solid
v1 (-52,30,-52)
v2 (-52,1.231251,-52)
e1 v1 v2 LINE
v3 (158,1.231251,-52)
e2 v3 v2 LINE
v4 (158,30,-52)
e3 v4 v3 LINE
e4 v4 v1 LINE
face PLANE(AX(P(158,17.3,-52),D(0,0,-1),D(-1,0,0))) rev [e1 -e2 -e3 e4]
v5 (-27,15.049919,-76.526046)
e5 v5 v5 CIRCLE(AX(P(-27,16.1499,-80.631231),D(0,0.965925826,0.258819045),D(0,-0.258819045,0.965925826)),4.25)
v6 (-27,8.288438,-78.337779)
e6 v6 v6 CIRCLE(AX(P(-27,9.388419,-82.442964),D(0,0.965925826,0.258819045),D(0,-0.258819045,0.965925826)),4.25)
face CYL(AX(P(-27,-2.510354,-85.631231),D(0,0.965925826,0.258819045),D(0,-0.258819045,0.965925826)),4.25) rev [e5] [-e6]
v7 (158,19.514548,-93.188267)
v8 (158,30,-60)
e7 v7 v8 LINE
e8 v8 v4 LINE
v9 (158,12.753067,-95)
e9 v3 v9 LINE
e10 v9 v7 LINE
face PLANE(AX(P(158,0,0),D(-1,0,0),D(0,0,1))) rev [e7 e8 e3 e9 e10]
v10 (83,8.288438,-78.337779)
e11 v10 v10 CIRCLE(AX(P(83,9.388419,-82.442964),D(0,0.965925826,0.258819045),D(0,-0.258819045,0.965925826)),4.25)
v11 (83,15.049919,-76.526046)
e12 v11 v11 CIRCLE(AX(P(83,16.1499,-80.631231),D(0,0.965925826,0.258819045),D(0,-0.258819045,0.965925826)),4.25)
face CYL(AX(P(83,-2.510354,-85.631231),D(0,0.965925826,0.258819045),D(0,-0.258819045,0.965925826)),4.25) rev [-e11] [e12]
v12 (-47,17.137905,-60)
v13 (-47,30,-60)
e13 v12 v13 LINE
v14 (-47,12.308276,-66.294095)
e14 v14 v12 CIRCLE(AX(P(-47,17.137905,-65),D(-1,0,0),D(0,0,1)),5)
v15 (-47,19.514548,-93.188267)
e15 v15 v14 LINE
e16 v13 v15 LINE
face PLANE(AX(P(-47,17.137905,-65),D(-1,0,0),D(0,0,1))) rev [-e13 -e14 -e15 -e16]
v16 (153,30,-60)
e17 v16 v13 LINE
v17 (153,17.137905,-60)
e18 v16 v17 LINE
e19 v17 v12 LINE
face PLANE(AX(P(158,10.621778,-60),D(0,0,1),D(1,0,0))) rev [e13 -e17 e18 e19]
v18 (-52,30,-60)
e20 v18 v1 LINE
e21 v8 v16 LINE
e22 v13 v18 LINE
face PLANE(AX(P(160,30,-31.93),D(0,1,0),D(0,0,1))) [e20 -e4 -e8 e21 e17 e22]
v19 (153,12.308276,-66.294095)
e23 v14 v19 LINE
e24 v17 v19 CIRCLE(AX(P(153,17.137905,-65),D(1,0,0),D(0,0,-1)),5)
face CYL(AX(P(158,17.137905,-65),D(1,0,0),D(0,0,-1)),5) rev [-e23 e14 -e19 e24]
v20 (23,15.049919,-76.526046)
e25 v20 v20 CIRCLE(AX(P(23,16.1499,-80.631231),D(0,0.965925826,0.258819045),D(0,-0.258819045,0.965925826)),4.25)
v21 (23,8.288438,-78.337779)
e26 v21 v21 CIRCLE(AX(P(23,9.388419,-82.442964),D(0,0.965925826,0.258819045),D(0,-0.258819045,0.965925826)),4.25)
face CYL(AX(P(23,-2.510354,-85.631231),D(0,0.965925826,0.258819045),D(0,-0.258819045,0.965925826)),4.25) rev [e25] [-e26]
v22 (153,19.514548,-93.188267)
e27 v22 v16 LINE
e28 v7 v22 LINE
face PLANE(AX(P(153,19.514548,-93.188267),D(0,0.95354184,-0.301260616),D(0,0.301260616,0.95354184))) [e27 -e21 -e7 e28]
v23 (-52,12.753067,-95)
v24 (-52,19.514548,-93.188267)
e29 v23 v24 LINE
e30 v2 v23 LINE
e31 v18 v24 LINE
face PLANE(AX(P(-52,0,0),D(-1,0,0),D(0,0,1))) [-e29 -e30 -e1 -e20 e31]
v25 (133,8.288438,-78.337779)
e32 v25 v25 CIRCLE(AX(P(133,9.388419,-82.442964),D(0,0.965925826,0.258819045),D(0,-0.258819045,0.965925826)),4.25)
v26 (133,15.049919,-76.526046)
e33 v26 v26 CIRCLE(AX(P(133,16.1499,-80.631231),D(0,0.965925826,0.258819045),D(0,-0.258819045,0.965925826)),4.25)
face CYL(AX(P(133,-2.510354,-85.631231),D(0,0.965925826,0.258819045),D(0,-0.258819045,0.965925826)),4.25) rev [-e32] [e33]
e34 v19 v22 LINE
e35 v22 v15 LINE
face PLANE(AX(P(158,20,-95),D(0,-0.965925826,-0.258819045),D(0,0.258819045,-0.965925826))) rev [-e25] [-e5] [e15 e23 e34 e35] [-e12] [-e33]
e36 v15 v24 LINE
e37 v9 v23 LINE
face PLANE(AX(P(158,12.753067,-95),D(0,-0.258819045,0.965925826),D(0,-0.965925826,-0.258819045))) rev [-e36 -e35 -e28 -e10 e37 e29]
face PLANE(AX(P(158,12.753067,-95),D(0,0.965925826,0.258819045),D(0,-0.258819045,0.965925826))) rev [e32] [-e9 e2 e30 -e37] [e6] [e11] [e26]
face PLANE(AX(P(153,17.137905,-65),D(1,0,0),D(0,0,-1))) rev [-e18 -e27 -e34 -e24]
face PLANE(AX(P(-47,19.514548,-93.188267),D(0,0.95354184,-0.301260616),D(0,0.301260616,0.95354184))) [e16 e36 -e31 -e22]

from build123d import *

# Parameters (mm, degrees)
EXTRUDE_1_DEPTH      = 30
SKETCH_2_R           = 44.45
CUT_EXTRUDE_1_DEPTH  = 4
SKETCH_3_R           = 25.5
SKETCH_3_R_2         = 2.25
CUT_EXTRUDE_2_DEPTH  = 188.619295383
CUT_EXTRUDE_3_DEPTH  = 189.215302247
SKETCH_5_R           = 1.65
CUT_EXTRUDE_4_DEPTH  = 189.215302247
EXTRUDE_START        = -30
EXTRUDE_2_DEPTH      = 30
CUT_EXTRUDE_5_DEPTH  = 198.040604952
CUT_EXTRUDE_7_DEPTH  = 233.432785983
CUT_EXTRUDE_8_DEPTH  = 233.432785983
CUT_EXTRUDE_9_DEPTH  = 233.432785983
FILLET_1_R           = 5
CUT_EXTRUDE_10_DEPTH = 233.432785983
EXTRUDE_START_2      = -5
EXTRUDE_3_DEPTH      = 5
EXTRUDE_4_DEPTH      = 5
SKETCH_14_R          = 4.25
CUT_EXTRUDE_11_DEPTH = 189.364728478
SKETCH_16_W          = 43
SKETCH_16_H          = 30
CUT_EXTRUDE_12_DEPTH = 233.432785983
EXTRUDE_7_REACH      = 188.592
SKETCH_18_W          = 210
SKETCH_18_H          = 5
EXTRUDE_8_DEPTH      = 210
EXTRUDE_9_DEPTH      = 5
EXTRUDE_10_DEPTH     = 5
SKETCH_22_R          = 4.25
CUT_EXTRUDE_13_DEPTH = 187.984035343
FILLET_2_R           = 5
CUT_EXTRUDE_14_DEPTH = 234.418610938


with BuildPart() as part:
    # 草图1 → 凸台-拉伸1 (new body)
    with BuildSketch(Plane(origin=(0, 0, 0), x_dir=(1, 0, 0), z_dir=(0, 1, 0))):
        with BuildLine():
            Line((170, 31.93), (170, -31.93))
            ThreePointArc((170, -31.93), (167.781993847, -38.210172909), (162.111885646, -41.704453387))
            Line((162.111885646, -41.704453387), (15.839142344, -73.308400404))
            ThreePointArc((15.839142344, -73.308400404), (-75, 0), (15.839142344, 73.308400404))
            Line((15.839142344, 73.308400404), (162.111885646, 41.704453387))
            ThreePointArc((162.111885646, 41.704453387), (167.781993847, 38.210172909), (170, 31.93))
        make_face()
    extrude(amount=EXTRUDE_1_DEPTH)

    # 草图2 → 切除-拉伸1 (cut)
    with BuildSketch(Plane(origin=(0, 30, 0), x_dir=(1, 0, 0), z_dir=(0, 1, 0))):
        with Locations(Location((0, 0, 0), (0, 0, 270))):
            Circle(SKETCH_2_R)
    extrude(amount=-CUT_EXTRUDE_1_DEPTH, mode=Mode.SUBTRACT)

    # 草图3 → 切除-拉伸2 (cut, through all)
    with BuildSketch(Plane(origin=(0, 26, 0), x_dir=(1, 0, 0), z_dir=(0, 1, 0))):
        with Locations(Location((0, 0, 0), (0, 0, 270))):
            Circle(SKETCH_3_R)
        with Locations(Location((0, 41, 0), (0, 0, 270))):
            Circle(SKETCH_3_R_2)
        with Locations(Location((28.991378029, 28.991378029, 0), (0, 0, 270))):
            Circle(SKETCH_3_R_2)
        with Locations(Location((41, 0, 0), (0, 0, 270))):
            Circle(SKETCH_3_R_2)
        with Locations(Location((28.991378029, -28.991378029, 0), (0, 0, 270))):
            Circle(SKETCH_3_R_2)
        with Locations(Location((0, -41, 0), (0, 0, 270))):
            Circle(SKETCH_3_R_2)
        with Locations(Location((-28.991378029, -28.991378029, 0), (0, 0, 270))):
            Circle(SKETCH_3_R_2)
        with Locations(Location((-41, 0, 0), (0, 0, 270))):
            Circle(SKETCH_3_R_2)
        with Locations(Location((-28.991378029, 28.991378029, 0), (0, 0, 270))):
            Circle(SKETCH_3_R_2)
    extrude(amount=-CUT_EXTRUDE_2_DEPTH, mode=Mode.SUBTRACT)

    # 草图4 → 切除-拉伸3 (cut, through all)
    with BuildSketch(Plane(origin=(0, 30, 0), x_dir=(1, 0, 0), z_dir=(0, 1, 0))):
        with BuildLine():
            Line((124, 18.5), (134, 18.5))
            ThreePointArc((134, 18.5), (152.5, 0), (134, -18.5))
            Line((134, -18.5), (124, -18.5))
            ThreePointArc((124, -18.5), (105.5, 0), (124, 18.5))
        make_face()
    extrude(amount=-CUT_EXTRUDE_3_DEPTH, mode=Mode.SUBTRACT)

    # 草图5 → 切除-拉伸4 (cut, through all)
    with BuildSketch(Plane(origin=(0, 30, 0), x_dir=(1, 0, 0), z_dir=(0, 1, 0))):
        with Locations(Location((116.75, 25.5, 0), (0, 0, 270))):
            Circle(SKETCH_5_R)
        with Locations(Location((141.25, 25.5, 0), (0, 0, 270))):
            Circle(SKETCH_5_R)
        with Locations(Location((141.25, -25.5, 0), (0, 0, 270))):
            Circle(SKETCH_5_R)
        with Locations(Location((116.75, -25.5, 0), (0, 0, 270))):
            Circle(SKETCH_5_R)
    extrude(amount=-CUT_EXTRUDE_4_DEPTH, mode=Mode.SUBTRACT)

    # 草图6 → 凸台-拉伸2 (add)
    with BuildSketch(Plane(origin=(0, 30, 0), x_dir=(1, 0, 0), z_dir=(0, 1, 0)).offset(EXTRUDE_START)):
        with BuildLine():
            Line((158, 95), (-52, 95))
            Line((-52, 95), (-52, 54.046276467))
            ThreePointArc((-52, 54.046276467), (-20.48558667, 72.148047366), (15.839142344, 73.308400404))
            Line((15.839142344, 73.308400404), (158, 42.592874655))
            Line((158, 42.592874655), (158, 95))
        make_face()
        with BuildLine():
            ThreePointArc((15.839142344, -73.308400404), (-20.48558667, -72.148047366), (-52, -54.046276467))
            Line((-52, -54.046276467), (-52, -95))
            Line((-52, -95), (158, -95))
            Line((158, -95), (158, -42.592874655))
            Line((158, -42.592874655), (15.839142344, -73.308400404))
        make_face()
    extrude(amount=EXTRUDE_2_DEPTH)

    # 草图7 → 切除-拉伸5 (cut, through all)
    with BuildSketch(Plane(origin=(0, 30, 0), x_dir=(1, 0, 0), z_dir=(0, 1, 0))):
        with BuildLine():
            Line((-52, 54.046276467), (-52, -54.046276467))
            ThreePointArc((-52, -54.046276467), (-75, 0), (-52, 54.046276467))
        make_face()
        with BuildLine():
            Line((158, 42.592874655), (158, -42.592874655))
            Line((158, -42.592874655), (162.111885646, -41.704453387))
            ThreePointArc((162.111885646, -41.704453387), (167.781993847, -38.210172909), (170, -31.93))
            Line((170, -31.93), (170, 31.93))
            ThreePointArc((170, 31.93), (167.781993847, 38.210172909), (162.111885646, 41.704453387))
            Line((162.111885646, 41.704453387), (158, 42.592874655))
        make_face()
    extrude(amount=-CUT_EXTRUDE_5_DEPTH, mode=Mode.SUBTRACT)

    # 草图9 → 切除-拉伸7 (cut, through all)
    with BuildSketch(Plane.ZY.offset(52)):
        Polygon((-95, 20), (-60, 10.621778265), (-60, 30), (-95, 30), align=None)
    extrude(amount=-CUT_EXTRUDE_7_DEPTH, mode=Mode.SUBTRACT)

    # 草图10 → 切除-拉伸8 (cut, through all)
    with BuildSketch(Plane.ZY.offset(52)):
        Polygon((-95, 12.753066737), (-52, 1.231251463), (-52, 0), (-95, 0), align=None)
    extrude(amount=-CUT_EXTRUDE_8_DEPTH, mode=Mode.SUBTRACT)

    # 草图8 → 切除-拉伸9 (cut, through all)
    with BuildSketch(Plane.ZY.offset(52)):
        Polygon((0, 0), (52, 0), (52, 17.3), (-52, 17.3), (-52, 0), align=None)
    extrude(amount=-CUT_EXTRUDE_9_DEPTH, mode=Mode.SUBTRACT)

    # 圆角1
    fillet_1_edges = [part.edges().sort_by_distance(p)[0] for p in [
        (53, 10.621778265, -60),
    ]]
    fillet(fillet_1_edges, radius=FILLET_1_R)

    # 草图11 → 切除-拉伸10 (cut, through all)
    with BuildSketch(Plane.ZY.offset(52)):
        Polygon((-95, 12.753066737), (-93.188266684, 19.514547521), (-95, 20), align=None)
    extrude(amount=-CUT_EXTRUDE_10_DEPTH, mode=Mode.SUBTRACT)

    # 草图12 → 凸台-拉伸3 (add)
    with BuildSketch(Plane.ZY.offset(52).offset(EXTRUDE_START_2)):
        with BuildLine():
            Line((-93.188266684, 19.514547521), (-60, 30))
            Line((-60, 30), (-60, 17.137905129))
            ThreePointArc((-60, 17.137905129), (-61.956192855, 13.171138428), (-66.294095226, 12.308275998))
            Line((-66.294095226, 12.308275998), (-93.188266684, 19.514547521))
        make_face()
    extrude(amount=EXTRUDE_3_DEPTH)

    # 草图13 → 凸台-拉伸4 (add)
    with BuildSketch(Plane(origin=(158, 0, 0), x_dir=(0, 0, -1), z_dir=(1, 0, 0))):
        with BuildLine():
            Line((66.294095226, 12.308275998), (93.188266684, 19.514547521))
            Line((93.188266684, 19.514547521), (60, 30))
            Line((60, 30), (60, 17.137905129))
            ThreePointArc((60, 17.137905129), (61.956192855, 13.171138428), (66.294095226, 12.308275998))
        make_face()
    extrude(amount=-EXTRUDE_4_DEPTH)

    # 草图14 → 切除-拉伸11 (cut, through all)
    with BuildSketch(Plane(origin=(0, -5.089745962, -1.36379332), x_dir=(1, 0, 0), z_dir=(0, 0.9659258262890681, 0.2588190451025214))):
        with Locations(Location((-27, 82.063690052, 0), (0, 0, 270))):
            Circle(SKETCH_14_R)
        with Locations(Location((23, 82.063690052, 0), (0, 0, 270))):
            Circle(SKETCH_14_R)
        with Locations(Location((83, 82.063690052, 0), (0, 0, 270))):
            Circle(SKETCH_14_R)
        with Locations(Location((133, 82.063690052, 0), (0, 0, 270))):
            Circle(SKETCH_14_R)
    extrude(amount=-CUT_EXTRUDE_11_DEPTH, mode=Mode.SUBTRACT)

    # 草图16 → 切除-拉伸12 (cut, through all)
    with BuildSketch(Plane.ZY.offset(52)):
        with Locations((73.5, 15)):
            Rectangle(SKETCH_16_W, SKETCH_16_H)
    extrude(amount=-CUT_EXTRUDE_12_DEPTH, mode=Mode.SUBTRACT)

    # 凸台-拉伸7: up to this plane
    extrude_7_end = Plane(origin=(0, -11.851226746, -3.175526636), z_dir=(0, -0.9659258262890681, -0.25881904510252146))
    # 草图18 → 凸台-拉伸7 (add, up to the surface)
    with BuildSketch(Plane(origin=(0, 30, 0), x_dir=(1, 0, 0), z_dir=(0, 1, 0)), mode=Mode.PRIVATE) as extrude_7_sk1:
        with Locations((53, -54.5)):
            Rectangle(SKETCH_18_W, SKETCH_18_H)
    extrude_7_tool1 = split(extrude(extrude_7_sk1.sketch, amount=-EXTRUDE_7_REACH, mode=Mode.PRIVATE), bisect_by=extrude_7_end, keep=Keep.BOTH, mode=Mode.PRIVATE)
    add(extrude_7_tool1.solids().sort_by_distance((53, 30, 54.5))[0])

    # 草图19 → 凸台-拉伸8 (add)
    with BuildSketch(Plane.ZY.offset(52)):
        Polygon((57, -27.975210512), (90.188266684, -36.867979769), (92, -30.106498985), (57, -20.72827725), align=None)
    extrude(amount=-EXTRUDE_8_DEPTH)

    # 草图20 → 凸台-拉伸9 (add)
    with BuildSketch(Plane.ZY.offset(52)):
        Polygon((92, -30.106498985), (57, -20.72827725), (57, 30), align=None)
    extrude(amount=-EXTRUDE_9_DEPTH)

    # 草图21 → 凸台-拉伸10 (add)
    with BuildSketch(Plane(origin=(158, 0, 0), x_dir=(0, 0, -1), z_dir=(1, 0, 0))):
        Polygon((-57, 30), (-92, -30.106498985), (-57, -20.72827725), align=None)
    extrude(amount=-EXTRUDE_10_DEPTH)

    # 草图22 → 切除-拉伸13 (cut, through all)
    with BuildSketch(Plane(origin=(0, -5.089745962, -1.36379332), x_dir=(1, 0, 0), z_dir=(0, 0.9659258262890686, 0.25881904510251946))):
        with Locations(Location((-27, -77.936309948, 0), (0, 0, 270))):
            Circle(SKETCH_22_R)
        with Locations(Location((23, -69.936309948, 0), (0, 0, 270))):
            Circle(SKETCH_22_R)
        with Locations(Location((83, -69.936309948, 0), (0, 0, 270))):
            Circle(SKETCH_22_R)
        with Locations(Location((133, -77.936309948, 0), (0, 0, 270))):
            Circle(SKETCH_22_R)
    extrude(amount=-CUT_EXTRUDE_13_DEPTH, mode=Mode.SUBTRACT)

    # 圆角2
    fillet_2_edges = [part.edges().sort_by_distance(p)[0] for p in [
        (53, -20.72827725, 57),
    ]]
    fillet(fillet_2_edges, radius=FILLET_2_R)

    # 草图23 → 切除-拉伸14 (cut, through all)
    with BuildSketch(Plane.ZY.offset(52)):
        Polygon((-52, 17.3), (-52, 40.52409207), (98.672945053, 40.52409207), (98.672945053, -43.91232927), (-52, -43.91232927), align=None)
    extrude(amount=-CUT_EXTRUDE_14_DEPTH, mode=Mode.SUBTRACT)


solid = part.part
